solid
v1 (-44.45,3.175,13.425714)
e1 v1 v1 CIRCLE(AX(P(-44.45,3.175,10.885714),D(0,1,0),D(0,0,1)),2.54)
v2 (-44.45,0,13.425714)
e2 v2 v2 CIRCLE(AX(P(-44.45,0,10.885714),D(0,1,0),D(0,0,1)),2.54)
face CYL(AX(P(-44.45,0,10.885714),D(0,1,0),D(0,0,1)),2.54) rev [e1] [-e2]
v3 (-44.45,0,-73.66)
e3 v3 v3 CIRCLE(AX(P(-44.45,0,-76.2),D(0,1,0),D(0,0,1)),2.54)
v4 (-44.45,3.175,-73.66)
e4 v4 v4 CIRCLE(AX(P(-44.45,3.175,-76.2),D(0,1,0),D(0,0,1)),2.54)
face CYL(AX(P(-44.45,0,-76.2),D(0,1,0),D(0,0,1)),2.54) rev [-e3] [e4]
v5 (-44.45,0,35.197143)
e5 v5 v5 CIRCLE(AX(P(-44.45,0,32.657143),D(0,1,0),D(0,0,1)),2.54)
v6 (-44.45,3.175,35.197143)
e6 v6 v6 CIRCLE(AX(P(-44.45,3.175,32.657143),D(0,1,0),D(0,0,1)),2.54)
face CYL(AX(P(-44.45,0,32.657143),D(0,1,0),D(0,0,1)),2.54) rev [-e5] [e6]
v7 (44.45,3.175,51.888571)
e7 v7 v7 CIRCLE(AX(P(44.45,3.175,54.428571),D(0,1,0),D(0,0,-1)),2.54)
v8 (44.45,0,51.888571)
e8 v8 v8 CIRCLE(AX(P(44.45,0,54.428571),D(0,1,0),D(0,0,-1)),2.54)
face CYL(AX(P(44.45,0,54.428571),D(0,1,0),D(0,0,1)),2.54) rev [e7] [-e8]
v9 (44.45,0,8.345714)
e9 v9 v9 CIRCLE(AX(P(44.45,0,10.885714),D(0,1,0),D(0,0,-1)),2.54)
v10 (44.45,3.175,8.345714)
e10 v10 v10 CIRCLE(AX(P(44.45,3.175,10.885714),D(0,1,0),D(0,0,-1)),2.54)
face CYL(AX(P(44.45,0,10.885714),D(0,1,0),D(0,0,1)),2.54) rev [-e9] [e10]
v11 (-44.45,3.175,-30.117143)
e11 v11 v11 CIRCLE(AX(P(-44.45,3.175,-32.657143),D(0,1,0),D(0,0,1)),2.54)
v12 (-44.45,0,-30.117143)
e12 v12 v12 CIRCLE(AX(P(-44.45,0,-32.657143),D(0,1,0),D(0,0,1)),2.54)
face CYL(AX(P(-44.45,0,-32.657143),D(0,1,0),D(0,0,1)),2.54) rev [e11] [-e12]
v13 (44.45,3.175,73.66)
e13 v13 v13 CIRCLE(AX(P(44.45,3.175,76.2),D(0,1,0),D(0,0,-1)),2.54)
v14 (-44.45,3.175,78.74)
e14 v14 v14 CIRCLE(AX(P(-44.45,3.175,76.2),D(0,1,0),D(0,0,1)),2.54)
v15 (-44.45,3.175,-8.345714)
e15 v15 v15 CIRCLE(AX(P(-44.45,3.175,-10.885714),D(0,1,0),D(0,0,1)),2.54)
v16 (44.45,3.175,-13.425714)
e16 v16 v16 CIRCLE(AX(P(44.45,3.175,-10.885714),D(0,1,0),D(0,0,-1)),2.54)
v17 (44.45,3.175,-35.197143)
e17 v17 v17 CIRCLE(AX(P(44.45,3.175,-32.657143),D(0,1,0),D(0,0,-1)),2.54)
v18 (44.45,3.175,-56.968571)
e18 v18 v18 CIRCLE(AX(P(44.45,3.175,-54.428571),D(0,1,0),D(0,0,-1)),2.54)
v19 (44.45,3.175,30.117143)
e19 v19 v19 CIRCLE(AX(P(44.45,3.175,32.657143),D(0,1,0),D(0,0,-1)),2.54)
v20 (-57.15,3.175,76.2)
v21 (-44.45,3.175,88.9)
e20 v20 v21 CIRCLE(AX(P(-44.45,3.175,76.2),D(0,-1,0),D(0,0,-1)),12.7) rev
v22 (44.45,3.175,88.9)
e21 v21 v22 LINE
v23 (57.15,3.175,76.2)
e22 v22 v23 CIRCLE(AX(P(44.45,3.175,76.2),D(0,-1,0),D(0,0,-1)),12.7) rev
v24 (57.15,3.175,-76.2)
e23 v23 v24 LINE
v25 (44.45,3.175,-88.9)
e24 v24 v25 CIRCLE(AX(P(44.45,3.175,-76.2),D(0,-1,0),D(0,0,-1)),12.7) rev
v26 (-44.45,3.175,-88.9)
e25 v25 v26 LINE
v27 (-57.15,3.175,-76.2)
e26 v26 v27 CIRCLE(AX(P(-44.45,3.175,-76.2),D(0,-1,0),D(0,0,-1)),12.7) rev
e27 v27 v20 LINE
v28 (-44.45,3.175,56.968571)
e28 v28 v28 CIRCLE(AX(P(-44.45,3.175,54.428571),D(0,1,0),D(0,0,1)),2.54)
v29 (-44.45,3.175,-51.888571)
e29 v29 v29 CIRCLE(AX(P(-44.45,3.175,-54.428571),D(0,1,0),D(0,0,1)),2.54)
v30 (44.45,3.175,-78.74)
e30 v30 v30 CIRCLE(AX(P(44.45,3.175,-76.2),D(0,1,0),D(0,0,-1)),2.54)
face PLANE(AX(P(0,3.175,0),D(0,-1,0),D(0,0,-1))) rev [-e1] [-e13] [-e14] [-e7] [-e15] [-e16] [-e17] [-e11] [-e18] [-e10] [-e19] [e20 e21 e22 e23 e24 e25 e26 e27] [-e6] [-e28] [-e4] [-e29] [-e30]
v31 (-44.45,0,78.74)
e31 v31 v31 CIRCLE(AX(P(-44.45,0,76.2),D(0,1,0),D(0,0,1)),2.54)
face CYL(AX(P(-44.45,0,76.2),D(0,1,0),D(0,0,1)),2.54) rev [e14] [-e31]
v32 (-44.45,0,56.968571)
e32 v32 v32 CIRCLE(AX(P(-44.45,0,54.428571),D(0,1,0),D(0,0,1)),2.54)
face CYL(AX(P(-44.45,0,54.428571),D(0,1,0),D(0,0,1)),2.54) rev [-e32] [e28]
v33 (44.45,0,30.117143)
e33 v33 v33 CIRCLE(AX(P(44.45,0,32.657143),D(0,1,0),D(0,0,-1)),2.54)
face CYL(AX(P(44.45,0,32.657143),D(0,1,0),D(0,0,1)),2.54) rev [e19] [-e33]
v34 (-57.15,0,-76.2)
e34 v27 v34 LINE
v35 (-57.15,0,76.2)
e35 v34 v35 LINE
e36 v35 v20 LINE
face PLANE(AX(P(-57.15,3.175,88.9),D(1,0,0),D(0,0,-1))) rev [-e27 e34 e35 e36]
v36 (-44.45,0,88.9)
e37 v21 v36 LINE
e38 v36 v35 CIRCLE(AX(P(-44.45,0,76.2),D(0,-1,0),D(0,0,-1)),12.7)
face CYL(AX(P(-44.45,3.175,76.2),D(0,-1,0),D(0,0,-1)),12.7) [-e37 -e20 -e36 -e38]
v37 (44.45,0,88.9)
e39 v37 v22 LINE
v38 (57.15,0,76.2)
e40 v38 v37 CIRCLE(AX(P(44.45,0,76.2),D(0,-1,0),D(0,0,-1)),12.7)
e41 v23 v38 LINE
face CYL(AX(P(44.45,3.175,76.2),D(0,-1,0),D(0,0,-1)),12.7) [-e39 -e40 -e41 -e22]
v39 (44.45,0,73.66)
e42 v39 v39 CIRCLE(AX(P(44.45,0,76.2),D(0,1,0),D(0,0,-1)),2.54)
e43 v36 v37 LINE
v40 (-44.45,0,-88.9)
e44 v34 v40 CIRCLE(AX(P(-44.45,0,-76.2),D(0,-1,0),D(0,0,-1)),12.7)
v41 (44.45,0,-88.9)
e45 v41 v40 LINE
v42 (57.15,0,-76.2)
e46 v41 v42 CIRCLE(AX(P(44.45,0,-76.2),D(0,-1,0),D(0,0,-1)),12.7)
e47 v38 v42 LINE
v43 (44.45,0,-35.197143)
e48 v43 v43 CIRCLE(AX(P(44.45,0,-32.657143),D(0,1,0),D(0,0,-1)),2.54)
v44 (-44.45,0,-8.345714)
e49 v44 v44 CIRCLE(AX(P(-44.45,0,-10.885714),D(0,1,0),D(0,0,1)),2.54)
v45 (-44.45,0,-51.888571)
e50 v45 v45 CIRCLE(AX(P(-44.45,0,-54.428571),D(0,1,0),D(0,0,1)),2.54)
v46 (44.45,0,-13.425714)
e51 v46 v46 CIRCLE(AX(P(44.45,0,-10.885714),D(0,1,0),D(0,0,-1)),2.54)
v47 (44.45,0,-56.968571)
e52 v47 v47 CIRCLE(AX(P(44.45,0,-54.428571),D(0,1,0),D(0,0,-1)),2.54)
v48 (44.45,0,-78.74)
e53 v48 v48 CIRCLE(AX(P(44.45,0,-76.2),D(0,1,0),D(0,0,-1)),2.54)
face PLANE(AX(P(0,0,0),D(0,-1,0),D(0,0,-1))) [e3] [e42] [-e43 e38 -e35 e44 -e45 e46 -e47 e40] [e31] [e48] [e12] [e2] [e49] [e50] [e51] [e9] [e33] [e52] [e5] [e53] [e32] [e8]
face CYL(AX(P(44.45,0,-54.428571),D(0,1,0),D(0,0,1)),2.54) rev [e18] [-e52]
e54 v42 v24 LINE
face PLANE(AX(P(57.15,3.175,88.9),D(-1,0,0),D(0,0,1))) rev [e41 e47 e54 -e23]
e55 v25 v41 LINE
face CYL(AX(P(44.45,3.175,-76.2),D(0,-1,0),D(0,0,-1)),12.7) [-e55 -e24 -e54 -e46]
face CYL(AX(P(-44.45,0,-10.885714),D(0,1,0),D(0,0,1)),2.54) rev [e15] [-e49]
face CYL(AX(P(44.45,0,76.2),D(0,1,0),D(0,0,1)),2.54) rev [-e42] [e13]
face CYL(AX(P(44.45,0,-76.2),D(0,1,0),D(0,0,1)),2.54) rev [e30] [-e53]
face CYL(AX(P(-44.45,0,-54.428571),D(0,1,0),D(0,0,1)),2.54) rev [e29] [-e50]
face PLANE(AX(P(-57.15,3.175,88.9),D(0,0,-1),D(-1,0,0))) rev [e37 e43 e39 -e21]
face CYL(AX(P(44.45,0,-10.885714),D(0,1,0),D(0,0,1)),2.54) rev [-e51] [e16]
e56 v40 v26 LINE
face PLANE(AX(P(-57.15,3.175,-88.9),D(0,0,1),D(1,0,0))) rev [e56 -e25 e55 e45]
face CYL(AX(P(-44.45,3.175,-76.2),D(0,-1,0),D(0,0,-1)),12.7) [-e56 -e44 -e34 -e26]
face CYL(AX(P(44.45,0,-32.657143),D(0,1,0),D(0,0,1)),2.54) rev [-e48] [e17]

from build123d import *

# Parameters (mm, degrees)
SKETCH1_W           = 114.3
SKETCH1_H           = 177.8
BOSS_EXTRUDE1_DEPTH = 3.175
SKETCH2_R           = 2.54
CUT_EXTRUDE1_DEPTH  = 3.175
FILLET1_R           = 12.7


with BuildPart() as part:
    # Sketch1 → Boss-Extrude1 (new body)
    with BuildSketch(Plane(origin=(0, 0, 0), x_dir=(1, 0, 0), z_dir=(0, 1, 0))):
        Rectangle(SKETCH1_W, SKETCH1_H)
    extrude(amount=BOSS_EXTRUDE1_DEPTH)

    # Sketch2 → Cut-Extrude1 (cut)
    with BuildSketch(Plane(origin=(0, 3.175, 0), x_dir=(1, 0, 0), z_dir=(0, 1, 0))):
        with Locations(Location((-44.45, 76.2, 0), (0, 0, 270))):
            Circle(SKETCH2_R)
        with Locations(Location((-44.45, 54.428571429, 0), (0, 0, 270))):
            Circle(SKETCH2_R)
        with Locations(Location((-44.45, 32.657142857, 0), (0, 0, 270))):
            Circle(SKETCH2_R)
        with Locations(Location((-44.45, 10.885714286, 0), (0, 0, 270))):
            Circle(SKETCH2_R)
        with Locations(Location((-44.45, -10.885714286, 0), (0, 0, 270))):
            Circle(SKETCH2_R)
        with Locations(Location((-44.45, -32.657142857, 0), (0, 0, 270))):
            Circle(SKETCH2_R)
        with Locations(Location((-44.45, -54.428571429, 0), (0, 0, 270))):
            Circle(SKETCH2_R)
        with Locations(Location((-44.45, -76.2, 0), (0, 0, 270))):
            Circle(SKETCH2_R)
        with Locations(Location((44.45, -76.2, 0), (0, 0, 90))):
            Circle(SKETCH2_R)
        with Locations(Location((44.45, -54.428571429, 0), (0, 0, 90))):
            Circle(SKETCH2_R)
        with Locations(Location((44.45, -32.657142857, 0), (0, 0, 90))):
            Circle(SKETCH2_R)
        with Locations(Location((44.45, -10.885714286, 0), (0, 0, 90))):
            Circle(SKETCH2_R)
        with Locations(Location((44.45, 10.885714286, 0), (0, 0, 90))):
            Circle(SKETCH2_R)
        with Locations(Location((44.45, 32.657142857, 0), (0, 0, 90))):
            Circle(SKETCH2_R)
        with Locations(Location((44.45, 54.428571429, 0), (0, 0, 90))):
            Circle(SKETCH2_R)
        with Locations(Location((44.45, 76.2, 0), (0, 0, 90))):
            Circle(SKETCH2_R)
    extrude(amount=-CUT_EXTRUDE1_DEPTH, mode=Mode.SUBTRACT)

    # Fillet1
    fillet1_edges = [part.edges().sort_by_distance(p)[0] for p in [
        (57.15, 1.5875, 88.9),
        (-57.15, 1.5875, 88.9),
        (-57.15, 1.5875, -88.9),
        (57.15, 1.5875, -88.9),
    ]]
    fillet(fillet1_edges, radius=FILLET1_R)


solid = part.part
